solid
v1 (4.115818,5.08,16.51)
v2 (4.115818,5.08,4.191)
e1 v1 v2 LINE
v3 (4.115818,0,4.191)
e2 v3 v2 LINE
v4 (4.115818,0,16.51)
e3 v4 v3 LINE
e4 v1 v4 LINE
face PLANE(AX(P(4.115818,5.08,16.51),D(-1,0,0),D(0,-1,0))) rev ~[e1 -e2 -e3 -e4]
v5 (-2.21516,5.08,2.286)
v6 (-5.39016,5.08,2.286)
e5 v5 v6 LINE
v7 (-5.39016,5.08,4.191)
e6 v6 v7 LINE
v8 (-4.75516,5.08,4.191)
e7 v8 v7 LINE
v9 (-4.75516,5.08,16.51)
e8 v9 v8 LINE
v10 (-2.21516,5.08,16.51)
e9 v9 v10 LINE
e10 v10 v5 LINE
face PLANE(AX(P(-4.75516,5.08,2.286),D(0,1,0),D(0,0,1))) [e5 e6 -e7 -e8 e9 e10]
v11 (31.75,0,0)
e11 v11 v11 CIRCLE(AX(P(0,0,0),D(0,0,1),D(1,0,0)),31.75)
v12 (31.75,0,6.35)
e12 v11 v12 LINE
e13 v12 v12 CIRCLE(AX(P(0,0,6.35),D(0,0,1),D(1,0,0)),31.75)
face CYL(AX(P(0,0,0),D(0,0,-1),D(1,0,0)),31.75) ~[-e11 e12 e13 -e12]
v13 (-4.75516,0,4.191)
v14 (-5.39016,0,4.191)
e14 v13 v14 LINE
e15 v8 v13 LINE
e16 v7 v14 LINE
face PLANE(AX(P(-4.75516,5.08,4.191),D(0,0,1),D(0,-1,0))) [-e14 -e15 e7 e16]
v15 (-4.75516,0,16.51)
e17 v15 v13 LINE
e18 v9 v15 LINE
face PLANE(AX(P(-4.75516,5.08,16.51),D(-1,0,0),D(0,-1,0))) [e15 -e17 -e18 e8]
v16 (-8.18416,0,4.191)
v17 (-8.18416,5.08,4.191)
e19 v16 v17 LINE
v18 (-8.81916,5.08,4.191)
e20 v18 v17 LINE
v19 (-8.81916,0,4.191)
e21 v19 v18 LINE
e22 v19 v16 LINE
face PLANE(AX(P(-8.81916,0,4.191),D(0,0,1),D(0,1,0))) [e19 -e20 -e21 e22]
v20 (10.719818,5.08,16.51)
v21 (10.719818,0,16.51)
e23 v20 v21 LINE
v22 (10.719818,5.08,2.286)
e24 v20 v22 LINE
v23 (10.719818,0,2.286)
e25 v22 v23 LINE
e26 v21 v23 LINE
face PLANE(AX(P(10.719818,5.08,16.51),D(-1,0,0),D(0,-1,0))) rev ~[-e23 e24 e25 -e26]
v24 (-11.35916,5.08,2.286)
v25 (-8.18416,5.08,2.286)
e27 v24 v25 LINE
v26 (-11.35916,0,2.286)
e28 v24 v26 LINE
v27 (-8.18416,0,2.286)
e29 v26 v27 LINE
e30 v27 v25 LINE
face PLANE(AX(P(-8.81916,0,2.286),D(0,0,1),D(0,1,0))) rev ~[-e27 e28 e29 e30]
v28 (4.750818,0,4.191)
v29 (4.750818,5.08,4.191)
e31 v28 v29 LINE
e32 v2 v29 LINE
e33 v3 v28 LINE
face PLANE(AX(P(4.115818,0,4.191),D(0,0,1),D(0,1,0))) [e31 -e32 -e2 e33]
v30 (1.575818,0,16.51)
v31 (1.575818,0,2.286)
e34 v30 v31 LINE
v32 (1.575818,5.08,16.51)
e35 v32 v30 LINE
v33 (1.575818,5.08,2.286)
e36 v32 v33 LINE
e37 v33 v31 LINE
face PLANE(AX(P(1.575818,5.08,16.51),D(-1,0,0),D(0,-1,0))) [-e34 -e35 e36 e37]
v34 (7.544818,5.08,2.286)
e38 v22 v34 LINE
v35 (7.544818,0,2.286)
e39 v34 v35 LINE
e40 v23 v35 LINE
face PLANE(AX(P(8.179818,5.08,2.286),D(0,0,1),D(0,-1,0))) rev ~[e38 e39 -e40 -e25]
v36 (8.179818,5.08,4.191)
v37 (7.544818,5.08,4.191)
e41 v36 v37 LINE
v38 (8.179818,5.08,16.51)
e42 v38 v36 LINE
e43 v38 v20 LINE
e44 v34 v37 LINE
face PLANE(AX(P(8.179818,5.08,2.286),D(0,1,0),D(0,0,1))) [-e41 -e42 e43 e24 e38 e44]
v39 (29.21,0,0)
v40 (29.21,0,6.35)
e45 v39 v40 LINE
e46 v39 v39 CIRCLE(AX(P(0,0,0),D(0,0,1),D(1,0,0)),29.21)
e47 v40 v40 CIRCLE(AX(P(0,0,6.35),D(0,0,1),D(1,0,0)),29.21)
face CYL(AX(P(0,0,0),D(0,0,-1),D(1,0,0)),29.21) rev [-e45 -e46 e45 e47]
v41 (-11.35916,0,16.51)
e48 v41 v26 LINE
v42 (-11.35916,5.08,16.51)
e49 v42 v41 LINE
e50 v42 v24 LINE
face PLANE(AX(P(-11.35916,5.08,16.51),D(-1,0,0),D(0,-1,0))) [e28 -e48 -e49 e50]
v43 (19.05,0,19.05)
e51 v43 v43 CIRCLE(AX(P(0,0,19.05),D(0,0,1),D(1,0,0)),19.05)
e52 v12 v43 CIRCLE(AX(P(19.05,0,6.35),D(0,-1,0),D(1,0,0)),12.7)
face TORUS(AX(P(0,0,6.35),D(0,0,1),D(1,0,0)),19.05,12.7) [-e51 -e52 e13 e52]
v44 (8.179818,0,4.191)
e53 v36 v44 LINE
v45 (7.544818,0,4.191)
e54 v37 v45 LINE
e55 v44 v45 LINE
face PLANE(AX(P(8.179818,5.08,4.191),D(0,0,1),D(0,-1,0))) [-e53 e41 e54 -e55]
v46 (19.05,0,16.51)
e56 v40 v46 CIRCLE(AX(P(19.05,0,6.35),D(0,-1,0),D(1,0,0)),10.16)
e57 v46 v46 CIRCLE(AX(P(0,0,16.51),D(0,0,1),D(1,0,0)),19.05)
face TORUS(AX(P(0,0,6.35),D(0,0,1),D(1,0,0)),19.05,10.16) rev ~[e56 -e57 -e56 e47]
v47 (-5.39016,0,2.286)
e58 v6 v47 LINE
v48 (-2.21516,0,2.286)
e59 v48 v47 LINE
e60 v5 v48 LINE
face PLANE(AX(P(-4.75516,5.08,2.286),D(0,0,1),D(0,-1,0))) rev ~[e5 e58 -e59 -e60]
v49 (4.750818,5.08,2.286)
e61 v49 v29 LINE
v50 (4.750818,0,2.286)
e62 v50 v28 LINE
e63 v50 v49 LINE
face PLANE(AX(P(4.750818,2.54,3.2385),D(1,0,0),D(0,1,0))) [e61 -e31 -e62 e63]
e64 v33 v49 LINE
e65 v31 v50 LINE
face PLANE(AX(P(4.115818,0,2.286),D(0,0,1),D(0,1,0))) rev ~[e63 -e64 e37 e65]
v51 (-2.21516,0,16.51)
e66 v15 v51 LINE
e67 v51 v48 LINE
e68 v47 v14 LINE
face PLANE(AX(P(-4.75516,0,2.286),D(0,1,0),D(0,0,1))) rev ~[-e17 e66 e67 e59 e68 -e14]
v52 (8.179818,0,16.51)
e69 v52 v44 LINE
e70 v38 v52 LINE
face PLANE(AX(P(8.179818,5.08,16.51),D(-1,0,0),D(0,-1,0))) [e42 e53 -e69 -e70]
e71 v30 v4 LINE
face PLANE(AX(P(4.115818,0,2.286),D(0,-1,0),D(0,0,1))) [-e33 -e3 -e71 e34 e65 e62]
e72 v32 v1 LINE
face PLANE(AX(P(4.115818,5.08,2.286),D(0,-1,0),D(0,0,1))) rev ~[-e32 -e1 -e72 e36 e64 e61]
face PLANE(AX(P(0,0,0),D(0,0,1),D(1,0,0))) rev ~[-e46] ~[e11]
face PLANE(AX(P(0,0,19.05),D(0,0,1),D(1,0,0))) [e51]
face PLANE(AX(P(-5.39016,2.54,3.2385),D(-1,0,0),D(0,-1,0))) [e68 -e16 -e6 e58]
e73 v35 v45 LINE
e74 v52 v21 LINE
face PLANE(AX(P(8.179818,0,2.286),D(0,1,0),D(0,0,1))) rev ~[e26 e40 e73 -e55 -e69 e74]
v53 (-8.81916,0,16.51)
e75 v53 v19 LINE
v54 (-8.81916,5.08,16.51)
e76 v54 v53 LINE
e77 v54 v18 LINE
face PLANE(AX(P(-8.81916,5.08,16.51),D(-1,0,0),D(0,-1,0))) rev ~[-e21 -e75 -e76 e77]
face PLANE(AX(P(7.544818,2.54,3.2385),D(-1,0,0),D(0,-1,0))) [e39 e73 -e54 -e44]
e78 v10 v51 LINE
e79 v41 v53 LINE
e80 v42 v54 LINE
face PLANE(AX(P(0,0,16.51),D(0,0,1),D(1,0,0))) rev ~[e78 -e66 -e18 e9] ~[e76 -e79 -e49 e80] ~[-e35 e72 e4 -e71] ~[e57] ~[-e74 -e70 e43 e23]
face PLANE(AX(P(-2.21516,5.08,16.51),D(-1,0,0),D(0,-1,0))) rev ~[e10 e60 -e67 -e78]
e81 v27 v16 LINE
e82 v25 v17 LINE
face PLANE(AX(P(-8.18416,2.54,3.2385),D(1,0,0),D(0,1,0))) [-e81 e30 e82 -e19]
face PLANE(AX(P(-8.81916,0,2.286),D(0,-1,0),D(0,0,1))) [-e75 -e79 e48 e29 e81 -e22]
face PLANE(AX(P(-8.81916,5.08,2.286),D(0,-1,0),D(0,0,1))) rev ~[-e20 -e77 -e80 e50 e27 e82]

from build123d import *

# Parameters (mm, degrees)
F0_R      = 31.75
F1_DEPTH  = 19.05
F2_R      = 12.7
F3_T      = -2.54
F5_W      = 2.54
F5_H      = 5.08
F6_DEPTH  = 14.224
F7_W      = 5.08
F7_H      = 1.905
F8_DEPTH  = 0.635
F9_W      = 5.08
F9_H      = 1.905
F10_DEPTH = 0.635
F11_W     = 5.08
F11_H     = 1.905
F12_DEPTH = 0.635
F13_W     = 5.08
F13_H     = 1.905
F14_DEPTH = 0.635


with BuildPart() as f1:
    # F0 (on Top) → F1 (new body)
    with BuildSketch(Plane.XY):
        Circle(F0_R)
    extrude(amount=F1_DEPTH)

    # F2
    f2_edges = [f1.edges().sort_by_distance(p)[0] for p in [
        (-31.75, 0, 19.05),
    ]]
    fillet(f2_edges, radius=F2_R)

    # F3
    f3_openings = [f1.faces().sort_by_distance(p)[0] for p in [
        (0, 0, 0),
    ]]
    offset(amount=F3_T, openings=f3_openings)

    # F5 (on face) → F6 (join)
    with BuildSketch(Plane(origin=(0, 0, 16.51), x_dir=(1, 0, 0), z_dir=(0, 0, -1))):
        with Locations((9.449818, -2.54)):
            Rectangle(F5_W, F5_H)
        with Locations((2.845818, -2.54)):
            Rectangle(F5_W, F5_H)
        with Locations((-3.48516, -2.54)):
            Rectangle(F5_W, F5_H)
        with Locations((-10.08916, -2.54)):
            Rectangle(F5_W, F5_H)
    extrude(amount=F6_DEPTH)

    # F7 (on face) → F8 (join)
    with BuildSketch(Plane(origin=(-4.75516, 0, 0), x_dir=(0, -1, 0), z_dir=(-1, 0, 0))):
        with Locations((-2.54, 3.2385)):
            Rectangle(F7_W, F7_H)
    extrude(amount=F8_DEPTH)

    # F9 (on face) → F10 (join)
    with BuildSketch(Plane.YZ.offset(4.115818)):
        with Locations((2.54, 3.2385)):
            Rectangle(F9_W, F9_H)
    extrude(amount=F10_DEPTH)

    # F11 (on face) → F12 (join)
    with BuildSketch(Plane(origin=(8.179818, 0, 0), x_dir=(0, -1, 0), z_dir=(-1, 0, 0))):
        with Locations((-2.54, 3.2385)):
            Rectangle(F11_W, F11_H)
    extrude(amount=F12_DEPTH)

    # F13 (on face) → F14 (join)
    with BuildSketch(Plane.YZ.offset(-8.81916)):
        with Locations((2.54, 3.2385)):
            Rectangle(F13_W, F13_H)
    extrude(amount=F14_DEPTH)


solid = f1.part
